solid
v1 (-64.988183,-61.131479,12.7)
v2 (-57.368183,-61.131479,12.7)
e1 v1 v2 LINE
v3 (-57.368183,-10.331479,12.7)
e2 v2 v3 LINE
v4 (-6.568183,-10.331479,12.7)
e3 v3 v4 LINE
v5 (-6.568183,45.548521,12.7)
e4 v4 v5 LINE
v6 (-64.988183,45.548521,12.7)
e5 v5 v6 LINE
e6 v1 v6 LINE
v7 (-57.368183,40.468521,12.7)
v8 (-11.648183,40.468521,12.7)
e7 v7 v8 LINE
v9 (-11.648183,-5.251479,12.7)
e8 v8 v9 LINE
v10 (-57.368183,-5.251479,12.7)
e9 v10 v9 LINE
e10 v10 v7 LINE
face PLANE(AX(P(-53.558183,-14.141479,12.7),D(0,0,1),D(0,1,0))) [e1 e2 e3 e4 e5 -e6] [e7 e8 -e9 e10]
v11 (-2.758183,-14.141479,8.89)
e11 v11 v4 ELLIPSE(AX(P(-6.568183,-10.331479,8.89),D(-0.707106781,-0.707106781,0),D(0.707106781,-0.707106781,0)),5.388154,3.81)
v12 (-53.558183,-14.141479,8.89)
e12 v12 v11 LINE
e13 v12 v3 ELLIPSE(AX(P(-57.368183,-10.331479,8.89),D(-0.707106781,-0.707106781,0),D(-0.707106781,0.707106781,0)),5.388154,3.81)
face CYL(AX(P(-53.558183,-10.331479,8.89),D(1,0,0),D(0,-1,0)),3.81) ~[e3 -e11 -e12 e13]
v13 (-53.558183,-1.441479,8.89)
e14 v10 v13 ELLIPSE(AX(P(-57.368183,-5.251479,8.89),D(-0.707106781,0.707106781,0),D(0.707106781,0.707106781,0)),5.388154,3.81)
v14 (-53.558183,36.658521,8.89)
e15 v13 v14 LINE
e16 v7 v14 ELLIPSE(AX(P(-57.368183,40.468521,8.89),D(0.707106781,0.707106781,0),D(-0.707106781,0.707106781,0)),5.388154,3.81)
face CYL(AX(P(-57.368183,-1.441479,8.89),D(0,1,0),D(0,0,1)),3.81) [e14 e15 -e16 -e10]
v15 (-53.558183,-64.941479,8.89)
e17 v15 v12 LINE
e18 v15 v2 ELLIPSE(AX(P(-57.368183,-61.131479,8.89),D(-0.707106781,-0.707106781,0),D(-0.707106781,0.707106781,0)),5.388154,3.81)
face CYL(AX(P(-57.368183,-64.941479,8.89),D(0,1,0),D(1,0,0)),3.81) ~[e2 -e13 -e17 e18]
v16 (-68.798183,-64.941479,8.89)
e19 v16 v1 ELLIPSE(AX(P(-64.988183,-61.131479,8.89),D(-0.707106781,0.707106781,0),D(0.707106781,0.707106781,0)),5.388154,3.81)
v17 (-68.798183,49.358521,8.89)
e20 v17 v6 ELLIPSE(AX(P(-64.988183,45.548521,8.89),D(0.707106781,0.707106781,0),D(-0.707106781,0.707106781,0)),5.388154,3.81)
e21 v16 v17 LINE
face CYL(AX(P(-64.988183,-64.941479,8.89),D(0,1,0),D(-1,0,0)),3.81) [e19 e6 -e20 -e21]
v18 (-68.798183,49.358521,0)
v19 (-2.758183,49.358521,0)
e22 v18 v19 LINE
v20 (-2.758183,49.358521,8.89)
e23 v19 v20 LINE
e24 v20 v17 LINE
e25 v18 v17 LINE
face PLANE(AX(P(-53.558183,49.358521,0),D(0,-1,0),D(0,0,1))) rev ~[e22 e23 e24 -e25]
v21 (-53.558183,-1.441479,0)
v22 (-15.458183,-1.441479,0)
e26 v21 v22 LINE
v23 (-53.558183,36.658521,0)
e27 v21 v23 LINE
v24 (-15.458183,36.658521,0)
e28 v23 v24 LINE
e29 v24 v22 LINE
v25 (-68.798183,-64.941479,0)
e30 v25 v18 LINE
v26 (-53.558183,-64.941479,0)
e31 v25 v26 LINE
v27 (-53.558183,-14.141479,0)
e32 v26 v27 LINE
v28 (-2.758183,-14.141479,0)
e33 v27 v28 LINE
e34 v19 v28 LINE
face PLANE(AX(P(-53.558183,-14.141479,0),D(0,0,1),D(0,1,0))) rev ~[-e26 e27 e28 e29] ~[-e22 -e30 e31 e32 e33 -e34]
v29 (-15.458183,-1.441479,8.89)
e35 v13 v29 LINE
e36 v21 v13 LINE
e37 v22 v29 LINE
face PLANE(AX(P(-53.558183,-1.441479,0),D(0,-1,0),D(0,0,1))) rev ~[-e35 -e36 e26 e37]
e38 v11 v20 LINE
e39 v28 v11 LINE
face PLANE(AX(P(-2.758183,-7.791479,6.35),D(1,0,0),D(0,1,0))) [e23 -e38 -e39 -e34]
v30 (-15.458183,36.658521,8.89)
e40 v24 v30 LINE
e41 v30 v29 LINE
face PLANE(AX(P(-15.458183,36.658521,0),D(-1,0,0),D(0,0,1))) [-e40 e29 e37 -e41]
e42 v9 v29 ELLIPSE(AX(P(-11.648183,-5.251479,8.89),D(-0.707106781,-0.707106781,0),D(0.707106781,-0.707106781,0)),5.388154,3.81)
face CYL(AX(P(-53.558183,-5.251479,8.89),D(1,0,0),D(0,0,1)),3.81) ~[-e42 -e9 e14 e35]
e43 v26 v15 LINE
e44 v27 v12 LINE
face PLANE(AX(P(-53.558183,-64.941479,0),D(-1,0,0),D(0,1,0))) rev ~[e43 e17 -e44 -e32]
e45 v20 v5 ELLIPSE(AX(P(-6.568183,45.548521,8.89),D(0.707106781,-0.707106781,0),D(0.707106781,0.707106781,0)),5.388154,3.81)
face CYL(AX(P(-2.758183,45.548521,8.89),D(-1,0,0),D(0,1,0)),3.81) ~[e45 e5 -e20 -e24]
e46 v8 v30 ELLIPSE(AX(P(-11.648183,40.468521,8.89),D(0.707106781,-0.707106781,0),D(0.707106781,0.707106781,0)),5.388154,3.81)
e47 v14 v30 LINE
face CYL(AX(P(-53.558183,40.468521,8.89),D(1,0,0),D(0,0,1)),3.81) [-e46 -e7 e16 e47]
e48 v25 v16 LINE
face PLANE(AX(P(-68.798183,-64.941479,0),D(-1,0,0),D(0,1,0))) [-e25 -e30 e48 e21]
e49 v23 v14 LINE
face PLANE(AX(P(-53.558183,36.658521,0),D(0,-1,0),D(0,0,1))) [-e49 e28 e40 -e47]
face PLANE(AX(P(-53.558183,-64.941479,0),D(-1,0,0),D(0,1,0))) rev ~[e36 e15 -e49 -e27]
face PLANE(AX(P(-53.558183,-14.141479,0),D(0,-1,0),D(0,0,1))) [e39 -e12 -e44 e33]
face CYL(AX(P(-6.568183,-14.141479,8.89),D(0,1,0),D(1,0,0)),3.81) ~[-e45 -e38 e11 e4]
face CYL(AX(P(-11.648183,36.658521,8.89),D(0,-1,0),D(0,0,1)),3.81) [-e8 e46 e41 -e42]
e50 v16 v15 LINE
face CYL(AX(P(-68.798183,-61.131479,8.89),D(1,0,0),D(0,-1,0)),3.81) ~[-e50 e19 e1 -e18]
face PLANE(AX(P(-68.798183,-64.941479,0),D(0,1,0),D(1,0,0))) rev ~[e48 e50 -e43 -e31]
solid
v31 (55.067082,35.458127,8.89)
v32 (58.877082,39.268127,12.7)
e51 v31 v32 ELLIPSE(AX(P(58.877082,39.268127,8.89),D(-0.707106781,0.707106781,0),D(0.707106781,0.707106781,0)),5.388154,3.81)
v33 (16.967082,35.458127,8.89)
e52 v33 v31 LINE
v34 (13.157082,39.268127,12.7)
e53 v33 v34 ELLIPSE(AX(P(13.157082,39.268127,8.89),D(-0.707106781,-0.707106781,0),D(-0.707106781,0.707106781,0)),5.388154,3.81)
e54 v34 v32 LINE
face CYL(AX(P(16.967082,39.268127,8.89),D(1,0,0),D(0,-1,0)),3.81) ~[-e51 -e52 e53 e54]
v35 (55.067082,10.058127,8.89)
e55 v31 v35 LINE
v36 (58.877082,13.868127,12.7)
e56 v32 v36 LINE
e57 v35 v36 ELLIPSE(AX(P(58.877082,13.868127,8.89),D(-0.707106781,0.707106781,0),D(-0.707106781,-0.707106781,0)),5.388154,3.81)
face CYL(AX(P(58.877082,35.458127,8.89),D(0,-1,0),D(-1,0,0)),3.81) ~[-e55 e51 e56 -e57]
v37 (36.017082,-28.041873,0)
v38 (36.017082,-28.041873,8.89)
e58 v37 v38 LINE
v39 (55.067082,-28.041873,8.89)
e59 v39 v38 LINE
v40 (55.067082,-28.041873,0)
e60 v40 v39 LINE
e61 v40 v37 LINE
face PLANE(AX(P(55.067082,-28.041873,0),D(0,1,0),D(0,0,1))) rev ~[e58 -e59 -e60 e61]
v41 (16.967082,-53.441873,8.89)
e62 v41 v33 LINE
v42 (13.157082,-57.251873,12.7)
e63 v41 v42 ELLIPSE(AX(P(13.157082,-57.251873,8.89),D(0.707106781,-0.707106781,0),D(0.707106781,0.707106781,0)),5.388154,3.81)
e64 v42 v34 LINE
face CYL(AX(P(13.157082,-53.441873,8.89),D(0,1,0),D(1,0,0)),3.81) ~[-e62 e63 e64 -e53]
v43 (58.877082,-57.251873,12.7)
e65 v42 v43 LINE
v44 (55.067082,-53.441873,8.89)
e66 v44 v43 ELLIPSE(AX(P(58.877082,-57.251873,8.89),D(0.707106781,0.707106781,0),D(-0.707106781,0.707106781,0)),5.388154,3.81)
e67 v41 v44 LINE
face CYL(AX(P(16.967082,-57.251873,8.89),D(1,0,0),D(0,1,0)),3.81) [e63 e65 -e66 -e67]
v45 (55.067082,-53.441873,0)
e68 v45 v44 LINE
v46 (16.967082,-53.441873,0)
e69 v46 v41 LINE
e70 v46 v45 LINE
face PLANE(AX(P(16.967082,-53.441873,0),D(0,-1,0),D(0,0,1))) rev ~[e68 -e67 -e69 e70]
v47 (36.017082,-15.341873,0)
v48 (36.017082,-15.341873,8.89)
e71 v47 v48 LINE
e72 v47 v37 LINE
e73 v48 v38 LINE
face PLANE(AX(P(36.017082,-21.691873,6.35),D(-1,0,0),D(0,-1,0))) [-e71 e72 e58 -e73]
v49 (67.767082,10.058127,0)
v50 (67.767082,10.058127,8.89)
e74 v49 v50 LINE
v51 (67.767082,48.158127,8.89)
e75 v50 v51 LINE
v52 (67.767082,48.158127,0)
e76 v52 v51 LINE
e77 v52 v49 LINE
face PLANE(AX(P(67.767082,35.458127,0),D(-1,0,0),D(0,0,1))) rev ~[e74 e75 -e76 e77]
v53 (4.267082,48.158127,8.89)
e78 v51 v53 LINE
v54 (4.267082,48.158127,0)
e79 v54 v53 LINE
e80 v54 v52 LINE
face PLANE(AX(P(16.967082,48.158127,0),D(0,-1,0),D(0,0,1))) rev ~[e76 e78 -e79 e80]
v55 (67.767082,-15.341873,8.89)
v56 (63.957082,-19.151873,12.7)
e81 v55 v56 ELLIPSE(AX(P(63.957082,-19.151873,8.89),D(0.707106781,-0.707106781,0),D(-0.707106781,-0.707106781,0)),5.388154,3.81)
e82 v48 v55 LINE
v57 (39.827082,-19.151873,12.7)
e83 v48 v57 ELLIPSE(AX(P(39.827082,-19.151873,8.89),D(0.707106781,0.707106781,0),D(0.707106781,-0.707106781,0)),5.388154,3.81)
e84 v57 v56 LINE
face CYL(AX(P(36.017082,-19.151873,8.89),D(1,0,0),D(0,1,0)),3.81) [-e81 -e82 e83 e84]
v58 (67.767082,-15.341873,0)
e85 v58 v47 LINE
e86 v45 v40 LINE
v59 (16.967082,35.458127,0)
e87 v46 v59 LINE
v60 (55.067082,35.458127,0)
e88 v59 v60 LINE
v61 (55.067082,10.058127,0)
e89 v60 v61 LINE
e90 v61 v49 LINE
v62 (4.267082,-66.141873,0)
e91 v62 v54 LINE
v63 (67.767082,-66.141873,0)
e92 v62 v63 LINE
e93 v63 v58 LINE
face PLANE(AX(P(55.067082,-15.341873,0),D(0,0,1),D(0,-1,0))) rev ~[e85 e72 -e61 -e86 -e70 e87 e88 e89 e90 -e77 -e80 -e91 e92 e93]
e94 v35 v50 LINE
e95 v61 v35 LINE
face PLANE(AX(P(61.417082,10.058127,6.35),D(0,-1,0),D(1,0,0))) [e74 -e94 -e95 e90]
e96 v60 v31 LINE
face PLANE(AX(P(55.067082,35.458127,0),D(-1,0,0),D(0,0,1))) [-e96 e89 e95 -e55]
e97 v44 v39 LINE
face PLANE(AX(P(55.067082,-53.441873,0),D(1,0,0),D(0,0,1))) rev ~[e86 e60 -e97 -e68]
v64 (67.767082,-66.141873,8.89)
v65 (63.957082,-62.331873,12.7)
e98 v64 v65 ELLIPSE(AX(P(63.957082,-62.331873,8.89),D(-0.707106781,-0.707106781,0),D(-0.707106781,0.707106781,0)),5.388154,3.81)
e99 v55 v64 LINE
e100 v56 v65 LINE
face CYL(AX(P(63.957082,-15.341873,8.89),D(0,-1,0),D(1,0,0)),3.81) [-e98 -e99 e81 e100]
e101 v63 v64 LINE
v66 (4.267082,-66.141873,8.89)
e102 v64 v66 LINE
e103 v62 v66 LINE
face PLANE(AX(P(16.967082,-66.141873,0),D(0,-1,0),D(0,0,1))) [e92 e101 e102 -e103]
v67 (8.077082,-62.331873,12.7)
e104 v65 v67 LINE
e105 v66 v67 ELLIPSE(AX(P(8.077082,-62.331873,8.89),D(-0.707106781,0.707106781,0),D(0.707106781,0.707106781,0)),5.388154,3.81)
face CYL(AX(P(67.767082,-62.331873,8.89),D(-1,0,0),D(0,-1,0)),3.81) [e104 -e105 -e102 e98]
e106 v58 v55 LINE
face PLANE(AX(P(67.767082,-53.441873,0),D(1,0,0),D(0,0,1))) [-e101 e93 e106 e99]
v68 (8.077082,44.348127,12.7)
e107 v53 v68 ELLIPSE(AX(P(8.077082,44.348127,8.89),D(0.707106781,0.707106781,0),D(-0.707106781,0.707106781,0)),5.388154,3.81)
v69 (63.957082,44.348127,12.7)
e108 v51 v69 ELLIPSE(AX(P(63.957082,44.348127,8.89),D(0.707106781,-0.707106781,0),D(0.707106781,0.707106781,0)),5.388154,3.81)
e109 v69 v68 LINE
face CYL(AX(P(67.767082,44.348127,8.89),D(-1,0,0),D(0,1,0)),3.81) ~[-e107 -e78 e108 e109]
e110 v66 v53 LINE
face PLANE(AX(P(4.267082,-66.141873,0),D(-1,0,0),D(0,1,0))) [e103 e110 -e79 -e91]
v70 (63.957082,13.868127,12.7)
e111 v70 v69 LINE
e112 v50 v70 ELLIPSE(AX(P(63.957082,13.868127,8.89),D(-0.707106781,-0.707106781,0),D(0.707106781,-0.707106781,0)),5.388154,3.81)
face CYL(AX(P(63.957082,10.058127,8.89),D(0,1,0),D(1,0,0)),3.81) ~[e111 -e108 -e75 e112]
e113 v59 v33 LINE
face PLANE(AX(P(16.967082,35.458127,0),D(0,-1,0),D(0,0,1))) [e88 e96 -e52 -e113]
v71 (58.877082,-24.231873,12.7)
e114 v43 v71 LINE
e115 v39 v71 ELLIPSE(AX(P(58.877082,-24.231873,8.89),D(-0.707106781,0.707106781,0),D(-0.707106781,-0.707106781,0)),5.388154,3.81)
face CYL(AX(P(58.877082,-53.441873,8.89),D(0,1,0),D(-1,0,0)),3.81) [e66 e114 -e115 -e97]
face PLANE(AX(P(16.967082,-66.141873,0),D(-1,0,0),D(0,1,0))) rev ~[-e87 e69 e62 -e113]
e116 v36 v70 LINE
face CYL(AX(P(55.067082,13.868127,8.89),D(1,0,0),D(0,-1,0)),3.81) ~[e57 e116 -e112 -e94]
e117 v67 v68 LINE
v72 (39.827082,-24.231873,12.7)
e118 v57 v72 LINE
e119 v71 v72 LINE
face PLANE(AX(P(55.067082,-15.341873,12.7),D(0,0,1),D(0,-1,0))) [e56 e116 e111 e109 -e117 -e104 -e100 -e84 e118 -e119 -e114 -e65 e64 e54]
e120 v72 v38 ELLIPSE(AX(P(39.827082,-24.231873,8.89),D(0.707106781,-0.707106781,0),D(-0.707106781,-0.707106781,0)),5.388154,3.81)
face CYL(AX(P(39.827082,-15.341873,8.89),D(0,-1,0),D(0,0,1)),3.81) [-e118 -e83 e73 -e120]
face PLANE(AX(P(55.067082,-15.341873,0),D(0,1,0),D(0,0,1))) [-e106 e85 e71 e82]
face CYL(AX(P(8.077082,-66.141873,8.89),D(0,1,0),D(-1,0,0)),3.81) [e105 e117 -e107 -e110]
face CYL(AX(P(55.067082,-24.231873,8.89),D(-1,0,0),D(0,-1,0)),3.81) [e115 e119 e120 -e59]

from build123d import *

# Parameters (mm, degrees)
F0_W      = 15.24
F0_H      = 114.3
F1_DEPTH  = 12.7
F2_W      = 12.7
F2_H      = 12.7
F3_DEPTH  = 50.8
F4_W      = 12.7
F4_H      = 12.7
F5_DEPTH  = 38.1
F6_W      = 12.7
F6_H      = 12.7
F7_DEPTH  = 50.8
F8_W      = 12.7
F8_H      = 114.3
F9_DEPTH  = 12.7
F10_W     = 12.7
F10_H     = 12.7
F11_DEPTH = 50.8
F12_W     = 12.7
F12_H     = 12.7
F13_DEPTH = 25.4
F14_W     = 12.7
F14_H     = 12.7
F15_DEPTH = 50.8
F16_W     = 12.7
F16_H     = 12.7
F17_DEPTH = 38.1
F18_W     = 12.7
F18_H     = 12.7
F19_DEPTH = 19.05
F20_R     = 3.81
F20_2_R   = 3.81


with BuildPart() as f1:
    # F0 (on Top) → F1 (new body)
    with BuildSketch(Plane.XY):
        with Locations((-61.178183, -7.791479)):
            Rectangle(F0_W, F0_H)
    extrude(amount=F1_DEPTH)

    # F2 (on face) → F3 (join)
    with BuildSketch(Plane.YZ.offset(-53.558183)):
        with Locations((43.008521, 6.35)):
            Rectangle(F2_W, F2_H)
    extrude(amount=F3_DEPTH)

    # F4 (on face) → F5 (join)
    with BuildSketch(Plane.XZ.offset(-36.658521)):
        with Locations((-9.108183, 6.35)):
            Rectangle(F4_W, F4_H)
    extrude(amount=F5_DEPTH)

    # F6 (on face) → F7 (join)
    with BuildSketch(Plane.YZ.offset(-53.558183)):
        with Locations((-7.791479, 6.35)):
            Rectangle(F6_W, F6_H)
    extrude(amount=F7_DEPTH)

    # F20
    f20_edges = [f1.edges().sort_by_distance(p)[0] for p in [
        (-53.558183, -39.541479, 12.7),
        (-28.158183, -14.141479, 12.7),
        (-2.758183, 17.608521, 12.7),
        (-35.778183, 49.358521, 12.7),
        (-68.798183, -7.791479, 12.7),
        (-61.178183, -64.941479, 12.7),
        (-53.558183, 17.608521, 12.7),
        (-34.508183, 36.658521, 12.7),
        (-15.458183, 17.608521, 12.7),
        (-34.508183, -1.441479, 12.7),
    ]]
    fillet(f20_edges, radius=F20_R)


with BuildPart() as f9:
    # F8 (on Top) → F9 (new body)
    with BuildSketch(Plane.XY):
        with Locations((10.617082, -8.991873)):
            Rectangle(F8_W, F8_H)
    extrude(amount=F9_DEPTH)

    # F10 (on face) → F11 (join)
    with BuildSketch(Plane.YZ.offset(16.967082)):
        with Locations((41.808127, 6.35)):
            Rectangle(F10_W, F10_H)
    extrude(amount=F11_DEPTH)

    # F12 (on face) → F13 (join)
    with BuildSketch(Plane.XZ.offset(-35.458127)):
        with Locations((61.417082, 6.35)):
            Rectangle(F12_W, F12_H)
    extrude(amount=F13_DEPTH)

    # F14 (on face) → F15 (join)
    with BuildSketch(Plane.YZ.offset(16.967082)):
        with Locations((-59.791873, 6.35)):
            Rectangle(F14_W, F14_H)
    extrude(amount=F15_DEPTH)

    # F16 (on face) → F17 (join)
    with BuildSketch(Plane(origin=(0, -53.441873, 0), x_dir=(-1, 0, 0), z_dir=(0, 1, 0))):
        with Locations((-61.417082, 6.35)):
            Rectangle(F16_W, F16_H)
    extrude(amount=F17_DEPTH)

    # F18 (on face) → F19 (join)
    with BuildSketch(Plane(origin=(55.067082, 0, 0), x_dir=(0, -1, 0), z_dir=(-1, 0, 0))):
        with Locations((21.691873, 6.35)):
            Rectangle(F18_W, F18_H)
    extrude(amount=F19_DEPTH)

    # F20#2
    f20_2_edges = [f9.edges().sort_by_distance(p)[0] for p in [
        (16.967082, -8.991873, 12.7),
        (36.017082, 35.458127, 12.7),
        (55.067082, 22.758127, 12.7),
        (61.417082, 10.058127, 12.7),
        (67.767082, 29.108127, 12.7),
        (36.017082, 48.158127, 12.7),
        (4.267082, -8.991873, 12.7),
        (36.017082, -66.141873, 12.7),
        (67.767082, -40.741873, 12.7),
        (51.892082, -15.341873, 12.7),
        (36.017082, -21.691873, 12.7),
        (45.542082, -28.041873, 12.7),
        (55.067082, -40.741873, 12.7),
        (36.017082, -53.441873, 12.7),
    ]]
    fillet(f20_2_edges, radius=F20_2_R)


solid = Compound([f1.part, f9.part])
